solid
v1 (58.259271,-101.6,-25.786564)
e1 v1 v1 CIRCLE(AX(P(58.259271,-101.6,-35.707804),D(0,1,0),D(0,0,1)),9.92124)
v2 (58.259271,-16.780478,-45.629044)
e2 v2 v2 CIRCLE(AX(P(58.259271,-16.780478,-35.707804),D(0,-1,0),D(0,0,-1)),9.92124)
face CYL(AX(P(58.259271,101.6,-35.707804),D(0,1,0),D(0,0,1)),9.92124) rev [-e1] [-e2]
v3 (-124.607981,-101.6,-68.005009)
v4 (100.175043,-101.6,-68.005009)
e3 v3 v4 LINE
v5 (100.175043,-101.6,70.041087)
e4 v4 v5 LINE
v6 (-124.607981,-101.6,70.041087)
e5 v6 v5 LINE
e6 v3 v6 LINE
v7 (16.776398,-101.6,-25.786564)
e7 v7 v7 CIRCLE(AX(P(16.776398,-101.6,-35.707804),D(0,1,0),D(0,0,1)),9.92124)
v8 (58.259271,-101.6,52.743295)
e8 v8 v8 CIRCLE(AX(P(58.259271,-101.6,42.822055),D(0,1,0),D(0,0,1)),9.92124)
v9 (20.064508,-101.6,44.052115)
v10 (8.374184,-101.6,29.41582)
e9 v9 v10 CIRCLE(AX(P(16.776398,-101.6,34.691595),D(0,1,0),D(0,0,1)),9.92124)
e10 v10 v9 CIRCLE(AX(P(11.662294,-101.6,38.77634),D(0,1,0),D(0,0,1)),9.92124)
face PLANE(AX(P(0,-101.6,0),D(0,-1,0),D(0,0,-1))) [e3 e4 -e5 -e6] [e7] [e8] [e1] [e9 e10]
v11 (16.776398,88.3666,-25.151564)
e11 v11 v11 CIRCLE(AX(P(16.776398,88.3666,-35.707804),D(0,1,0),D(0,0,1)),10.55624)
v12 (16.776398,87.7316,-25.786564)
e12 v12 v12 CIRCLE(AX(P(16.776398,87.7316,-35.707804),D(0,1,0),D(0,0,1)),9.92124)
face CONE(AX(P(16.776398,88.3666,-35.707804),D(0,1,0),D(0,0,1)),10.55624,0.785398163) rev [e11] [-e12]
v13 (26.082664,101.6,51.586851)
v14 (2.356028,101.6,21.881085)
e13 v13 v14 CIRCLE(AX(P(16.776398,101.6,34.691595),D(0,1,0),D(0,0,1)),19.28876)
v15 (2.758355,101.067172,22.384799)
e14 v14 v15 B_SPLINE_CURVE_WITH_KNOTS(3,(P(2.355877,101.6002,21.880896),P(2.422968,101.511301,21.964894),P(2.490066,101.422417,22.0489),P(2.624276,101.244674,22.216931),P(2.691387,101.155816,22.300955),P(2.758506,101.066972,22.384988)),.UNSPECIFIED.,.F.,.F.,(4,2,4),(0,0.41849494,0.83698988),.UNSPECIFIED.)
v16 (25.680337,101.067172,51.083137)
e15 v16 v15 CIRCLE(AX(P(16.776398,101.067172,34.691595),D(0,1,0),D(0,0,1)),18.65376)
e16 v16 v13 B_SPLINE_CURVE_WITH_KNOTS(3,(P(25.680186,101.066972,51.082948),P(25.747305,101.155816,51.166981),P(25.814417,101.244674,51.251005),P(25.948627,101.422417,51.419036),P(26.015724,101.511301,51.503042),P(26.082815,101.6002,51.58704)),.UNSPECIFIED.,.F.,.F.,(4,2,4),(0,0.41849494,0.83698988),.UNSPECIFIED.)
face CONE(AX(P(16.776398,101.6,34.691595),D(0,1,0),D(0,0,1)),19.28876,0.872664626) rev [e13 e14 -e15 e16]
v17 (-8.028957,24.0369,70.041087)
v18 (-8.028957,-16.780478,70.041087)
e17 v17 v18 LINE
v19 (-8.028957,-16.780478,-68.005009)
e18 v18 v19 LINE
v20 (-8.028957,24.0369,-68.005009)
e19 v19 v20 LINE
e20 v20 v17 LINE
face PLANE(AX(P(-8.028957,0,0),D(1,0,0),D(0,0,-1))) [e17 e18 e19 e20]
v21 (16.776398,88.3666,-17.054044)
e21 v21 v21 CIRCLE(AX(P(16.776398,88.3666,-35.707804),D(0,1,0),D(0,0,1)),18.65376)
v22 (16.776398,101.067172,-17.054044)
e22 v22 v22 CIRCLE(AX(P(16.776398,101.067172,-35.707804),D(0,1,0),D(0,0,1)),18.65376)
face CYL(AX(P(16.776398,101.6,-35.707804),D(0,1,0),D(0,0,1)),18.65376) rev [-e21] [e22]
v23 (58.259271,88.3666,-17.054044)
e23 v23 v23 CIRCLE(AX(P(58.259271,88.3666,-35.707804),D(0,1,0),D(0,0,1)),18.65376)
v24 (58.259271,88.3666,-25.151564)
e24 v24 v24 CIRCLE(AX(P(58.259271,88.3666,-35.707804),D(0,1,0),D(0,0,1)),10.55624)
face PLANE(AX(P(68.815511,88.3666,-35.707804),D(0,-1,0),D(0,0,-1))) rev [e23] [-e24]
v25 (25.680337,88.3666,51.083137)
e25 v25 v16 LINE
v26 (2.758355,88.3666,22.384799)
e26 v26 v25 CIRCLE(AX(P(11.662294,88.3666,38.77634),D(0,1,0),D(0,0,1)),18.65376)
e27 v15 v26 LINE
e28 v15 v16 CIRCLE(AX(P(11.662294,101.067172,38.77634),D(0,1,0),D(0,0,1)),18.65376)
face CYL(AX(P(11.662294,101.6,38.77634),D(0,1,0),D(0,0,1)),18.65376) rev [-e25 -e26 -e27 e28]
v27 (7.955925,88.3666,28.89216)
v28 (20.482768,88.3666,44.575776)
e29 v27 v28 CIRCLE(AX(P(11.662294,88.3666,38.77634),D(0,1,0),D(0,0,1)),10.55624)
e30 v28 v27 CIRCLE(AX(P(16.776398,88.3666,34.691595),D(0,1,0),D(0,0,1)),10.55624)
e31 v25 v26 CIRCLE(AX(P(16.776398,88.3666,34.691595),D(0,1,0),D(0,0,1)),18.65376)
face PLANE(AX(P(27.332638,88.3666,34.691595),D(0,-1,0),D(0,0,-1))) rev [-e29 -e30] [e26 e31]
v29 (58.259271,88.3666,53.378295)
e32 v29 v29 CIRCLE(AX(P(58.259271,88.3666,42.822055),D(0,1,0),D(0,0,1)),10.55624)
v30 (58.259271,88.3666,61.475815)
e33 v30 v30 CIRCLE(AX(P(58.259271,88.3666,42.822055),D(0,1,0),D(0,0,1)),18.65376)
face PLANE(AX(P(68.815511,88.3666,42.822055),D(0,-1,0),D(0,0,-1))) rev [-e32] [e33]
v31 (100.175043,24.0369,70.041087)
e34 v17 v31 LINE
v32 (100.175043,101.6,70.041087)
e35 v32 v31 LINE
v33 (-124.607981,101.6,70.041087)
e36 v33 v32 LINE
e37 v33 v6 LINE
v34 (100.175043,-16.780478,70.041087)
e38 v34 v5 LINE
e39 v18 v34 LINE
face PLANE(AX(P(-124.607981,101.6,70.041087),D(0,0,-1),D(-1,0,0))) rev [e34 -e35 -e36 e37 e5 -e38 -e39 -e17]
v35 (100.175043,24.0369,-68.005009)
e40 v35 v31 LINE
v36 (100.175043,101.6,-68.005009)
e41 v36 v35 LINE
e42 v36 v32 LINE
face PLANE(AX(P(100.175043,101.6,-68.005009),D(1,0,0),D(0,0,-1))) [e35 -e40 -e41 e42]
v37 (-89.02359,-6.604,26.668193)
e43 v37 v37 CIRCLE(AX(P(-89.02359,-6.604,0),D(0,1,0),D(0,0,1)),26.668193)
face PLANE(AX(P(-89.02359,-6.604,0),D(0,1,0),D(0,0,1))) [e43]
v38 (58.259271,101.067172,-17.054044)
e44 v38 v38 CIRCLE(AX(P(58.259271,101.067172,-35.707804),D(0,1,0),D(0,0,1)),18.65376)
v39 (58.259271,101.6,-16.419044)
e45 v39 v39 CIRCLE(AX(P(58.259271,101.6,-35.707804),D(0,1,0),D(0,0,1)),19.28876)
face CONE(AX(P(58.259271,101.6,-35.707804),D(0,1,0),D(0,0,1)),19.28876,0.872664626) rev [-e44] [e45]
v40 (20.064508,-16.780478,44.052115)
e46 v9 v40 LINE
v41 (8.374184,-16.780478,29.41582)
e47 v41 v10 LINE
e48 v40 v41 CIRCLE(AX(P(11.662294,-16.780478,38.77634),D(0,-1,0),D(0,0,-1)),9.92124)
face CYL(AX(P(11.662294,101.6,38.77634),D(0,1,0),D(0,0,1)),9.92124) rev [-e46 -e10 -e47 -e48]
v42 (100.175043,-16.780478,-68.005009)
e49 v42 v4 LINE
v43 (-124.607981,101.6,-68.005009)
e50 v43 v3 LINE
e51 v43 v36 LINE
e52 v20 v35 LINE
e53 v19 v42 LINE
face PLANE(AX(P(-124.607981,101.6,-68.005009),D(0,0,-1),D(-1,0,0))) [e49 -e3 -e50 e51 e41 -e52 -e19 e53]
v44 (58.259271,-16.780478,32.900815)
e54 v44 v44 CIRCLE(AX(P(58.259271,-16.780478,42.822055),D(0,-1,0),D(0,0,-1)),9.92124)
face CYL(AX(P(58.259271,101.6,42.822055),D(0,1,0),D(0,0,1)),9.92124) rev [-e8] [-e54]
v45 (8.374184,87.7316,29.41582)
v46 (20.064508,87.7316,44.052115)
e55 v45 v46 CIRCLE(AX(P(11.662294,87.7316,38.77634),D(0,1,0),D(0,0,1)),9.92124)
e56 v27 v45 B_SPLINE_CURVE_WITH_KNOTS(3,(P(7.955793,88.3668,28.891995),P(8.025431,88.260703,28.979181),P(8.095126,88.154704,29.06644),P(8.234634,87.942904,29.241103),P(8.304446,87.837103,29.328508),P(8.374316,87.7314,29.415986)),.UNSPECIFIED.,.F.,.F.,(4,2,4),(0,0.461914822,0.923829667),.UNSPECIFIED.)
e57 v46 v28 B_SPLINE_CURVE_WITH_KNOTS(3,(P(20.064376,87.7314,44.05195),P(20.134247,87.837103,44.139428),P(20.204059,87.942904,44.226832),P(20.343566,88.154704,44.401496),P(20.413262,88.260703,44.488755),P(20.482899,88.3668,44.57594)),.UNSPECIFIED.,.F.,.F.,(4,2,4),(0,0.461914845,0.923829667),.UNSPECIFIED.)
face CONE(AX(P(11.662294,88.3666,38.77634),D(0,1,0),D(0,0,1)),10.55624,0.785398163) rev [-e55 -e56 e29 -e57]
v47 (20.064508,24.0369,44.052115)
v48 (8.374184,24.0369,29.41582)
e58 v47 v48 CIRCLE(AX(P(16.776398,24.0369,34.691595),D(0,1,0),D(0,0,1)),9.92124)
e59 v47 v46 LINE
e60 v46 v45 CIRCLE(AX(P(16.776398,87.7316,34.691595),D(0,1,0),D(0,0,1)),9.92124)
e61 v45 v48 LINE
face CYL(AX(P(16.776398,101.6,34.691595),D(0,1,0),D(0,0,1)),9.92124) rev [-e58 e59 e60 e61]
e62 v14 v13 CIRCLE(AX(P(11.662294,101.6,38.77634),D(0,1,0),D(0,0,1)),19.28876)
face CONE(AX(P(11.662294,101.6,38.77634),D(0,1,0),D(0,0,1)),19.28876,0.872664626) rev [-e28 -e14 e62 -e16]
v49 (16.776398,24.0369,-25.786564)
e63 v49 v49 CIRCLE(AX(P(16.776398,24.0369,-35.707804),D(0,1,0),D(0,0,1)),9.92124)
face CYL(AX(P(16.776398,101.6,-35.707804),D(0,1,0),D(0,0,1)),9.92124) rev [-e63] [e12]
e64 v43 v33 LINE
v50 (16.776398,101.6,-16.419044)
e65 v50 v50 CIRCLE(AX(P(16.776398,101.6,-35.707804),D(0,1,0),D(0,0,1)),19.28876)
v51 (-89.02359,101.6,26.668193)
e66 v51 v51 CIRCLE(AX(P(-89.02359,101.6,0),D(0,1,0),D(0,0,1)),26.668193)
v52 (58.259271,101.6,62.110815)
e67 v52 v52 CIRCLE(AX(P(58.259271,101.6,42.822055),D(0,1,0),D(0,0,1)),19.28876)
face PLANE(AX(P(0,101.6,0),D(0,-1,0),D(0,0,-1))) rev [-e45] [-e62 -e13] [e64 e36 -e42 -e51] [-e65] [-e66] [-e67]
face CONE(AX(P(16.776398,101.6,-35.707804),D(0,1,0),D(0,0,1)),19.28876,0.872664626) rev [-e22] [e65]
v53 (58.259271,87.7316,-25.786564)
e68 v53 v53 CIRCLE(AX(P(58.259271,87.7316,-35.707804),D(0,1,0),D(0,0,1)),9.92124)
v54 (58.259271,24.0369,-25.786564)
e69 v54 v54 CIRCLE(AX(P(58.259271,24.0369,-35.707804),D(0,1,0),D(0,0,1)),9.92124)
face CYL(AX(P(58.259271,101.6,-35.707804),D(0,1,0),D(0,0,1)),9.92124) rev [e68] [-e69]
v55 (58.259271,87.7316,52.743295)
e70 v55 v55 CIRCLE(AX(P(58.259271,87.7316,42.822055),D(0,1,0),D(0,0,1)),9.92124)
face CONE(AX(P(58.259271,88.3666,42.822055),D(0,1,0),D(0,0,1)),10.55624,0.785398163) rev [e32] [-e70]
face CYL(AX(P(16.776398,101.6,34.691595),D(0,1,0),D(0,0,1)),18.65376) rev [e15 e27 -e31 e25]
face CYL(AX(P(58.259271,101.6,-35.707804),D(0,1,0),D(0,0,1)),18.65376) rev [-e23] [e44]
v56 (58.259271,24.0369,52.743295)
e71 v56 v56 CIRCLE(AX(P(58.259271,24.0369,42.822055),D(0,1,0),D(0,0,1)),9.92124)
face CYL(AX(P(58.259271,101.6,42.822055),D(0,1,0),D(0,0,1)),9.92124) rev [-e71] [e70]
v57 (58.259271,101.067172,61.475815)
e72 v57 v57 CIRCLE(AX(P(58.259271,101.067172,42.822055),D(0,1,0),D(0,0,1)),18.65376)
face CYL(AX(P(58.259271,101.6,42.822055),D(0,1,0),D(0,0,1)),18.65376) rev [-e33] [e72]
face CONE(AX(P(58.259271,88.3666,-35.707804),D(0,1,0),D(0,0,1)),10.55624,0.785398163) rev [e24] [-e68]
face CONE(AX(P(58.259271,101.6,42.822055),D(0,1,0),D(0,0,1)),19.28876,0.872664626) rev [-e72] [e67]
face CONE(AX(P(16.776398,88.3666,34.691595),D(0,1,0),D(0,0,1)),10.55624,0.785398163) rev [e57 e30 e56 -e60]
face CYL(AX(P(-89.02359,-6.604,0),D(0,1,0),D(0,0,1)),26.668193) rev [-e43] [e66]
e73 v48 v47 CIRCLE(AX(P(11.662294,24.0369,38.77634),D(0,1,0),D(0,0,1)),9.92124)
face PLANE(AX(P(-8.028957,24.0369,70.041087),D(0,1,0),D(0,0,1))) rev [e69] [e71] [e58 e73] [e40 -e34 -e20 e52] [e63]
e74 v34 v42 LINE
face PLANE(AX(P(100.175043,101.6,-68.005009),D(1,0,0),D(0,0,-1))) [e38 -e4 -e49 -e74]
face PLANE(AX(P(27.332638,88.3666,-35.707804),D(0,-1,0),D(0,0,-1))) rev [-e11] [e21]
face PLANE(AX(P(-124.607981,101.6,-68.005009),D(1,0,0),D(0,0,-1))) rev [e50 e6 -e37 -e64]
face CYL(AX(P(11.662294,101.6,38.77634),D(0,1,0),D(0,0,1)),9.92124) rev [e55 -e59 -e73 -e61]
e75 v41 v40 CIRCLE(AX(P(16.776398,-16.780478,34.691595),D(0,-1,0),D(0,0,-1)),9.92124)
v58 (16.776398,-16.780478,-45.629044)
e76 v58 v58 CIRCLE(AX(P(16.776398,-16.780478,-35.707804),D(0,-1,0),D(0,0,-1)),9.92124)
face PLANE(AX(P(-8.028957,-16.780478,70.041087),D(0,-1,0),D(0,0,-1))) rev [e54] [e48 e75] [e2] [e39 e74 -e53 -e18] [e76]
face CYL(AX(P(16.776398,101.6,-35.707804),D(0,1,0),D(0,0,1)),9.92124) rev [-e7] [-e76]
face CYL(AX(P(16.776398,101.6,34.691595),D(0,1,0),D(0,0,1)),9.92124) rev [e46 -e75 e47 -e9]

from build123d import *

# Parameters (mm, degrees)
SKETCH1_W                                      = 224.783024271
SKETCH1_H                                      = 138.046096427
BOSS_EXTRUDE1_DEPTH                            = 101.6
SKETCH2_R                                      = 26.66819347
CUT_EXTRUDE1_DEPTH                             = 108.204
SKETCH4_W                                      = 138.046096427
SKETCH4_H                                      = 40.817377809
CUT_EXTRUDE2_DEPTH                             = 108.204
CBORE_FOR_3_4_PAN_HEAD_MACHINE_SCREW1_AT_COUNT = 2
CBORE_FOR_3_4_PAN_HEAD_MACHINE_SCREW1_AT_PITCH = 78.529858642
CBORE_FOR_3_4_PAN_HEAD_MACHINE_SCREW_2_COUNT   = 2
CBORE_FOR_3_4_PAN_HEAD_MACHINE_SCREW_2_PITCH   = 88.813103961
CBORE_FOR_3_4_PAN_HEAD_MACHINE_SCREW_3_COUNT   = 2
CBORE_FOR_3_4_PAN_HEAD_MACHINE_SCREW_3_PITCH   = 46.772278414
CBORE_FOR_3_4_PAN_HEAD_MACHINE_SCREW_4_COUNT   = 2
CBORE_FOR_3_4_PAN_HEAD_MACHINE_SCREW_4_PITCH   = 42.272131605


with BuildPart() as part:
    # Sketch1 → Boss-Extrude1 (new, symmetric)
    with BuildSketch(Plane(origin=(0, 0, 0), x_dir=(1, 0, 0), z_dir=(0, 1, 0))):
        with Locations((-12.21646871, -1.018039059)):
            Rectangle(SKETCH1_W, SKETCH1_H)
    extrude(amount=BOSS_EXTRUDE1_DEPTH, both=True)

    # Sketch2 → Cut-Extrude1 (cut)
    with BuildSketch(Plane(origin=(0, 101.6, 0), x_dir=(1, 0, 0), z_dir=(0, 1, 0))):
        with Locations(Location((-89.023589675, 0, 0), (0, 0, 270))):
            Circle(SKETCH2_R)
    extrude(amount=-CUT_EXTRUDE1_DEPTH, mode=Mode.SUBTRACT)

    # Sketch4 → Cut-Extrude2 (cut)
    with BuildSketch(Plane(origin=(100.175043425, 0, 0), x_dir=(0, 0, -1), z_dir=(1, 0, 0))):
        with Locations((-1.018039059, 3.62821136)):
            Rectangle(SKETCH4_W, SKETCH4_H)
    extrude(amount=-CUT_EXTRUDE2_DEPTH, mode=Mode.SUBTRACT)

    # Sketch7 → CBORE for 3/4 Pan Head Machine Screw1 (revolve, cut)
    with BuildSketch(Plane(origin=(58.259270804, 101.6, 42.822055049), x_dir=(0, 0, 1), z_dir=(1, 0, 0))):
        Polygon((0, 0), (0, 203.2), (9.92124, 203.2), (9.92124, 13.8684), (10.55624, 13.2334), (18.65376, 13.2334), (18.65376, 0.532828266), (19.28876, 0), align=None)
    cbore_for_3_4_pan_head_machine_screw1 = revolve(axis=Axis((58.259270804, 107.95, 42.822055049), (0, -1, 0)), mode=Mode.SUBTRACT)

    # CBORE for 3/4 Pan Head Machine Screw1 at: CBORE for 3/4 Pan Head Machine Screw1 ×2
    with Locations(*[(0, 0, -i * CBORE_FOR_3_4_PAN_HEAD_MACHINE_SCREW1_AT_PITCH) for i in range(1, CBORE_FOR_3_4_PAN_HEAD_MACHINE_SCREW1_AT_COUNT)]):
        add(cbore_for_3_4_pan_head_machine_screw1, mode=Mode.SUBTRACT)

    # CBORE for 3_4 Pan Head Machine Screw 2: CBORE for 3/4 Pan Head Machine Screw1 ×2
    with Locations(*[Vector(-0.46708054288373707, 0, -0.8842147739432052) * (i * CBORE_FOR_3_4_PAN_HEAD_MACHINE_SCREW_2_PITCH) for i in range(1, CBORE_FOR_3_4_PAN_HEAD_MACHINE_SCREW_2_COUNT)]):
        add(cbore_for_3_4_pan_head_machine_screw1, mode=Mode.SUBTRACT)

    # CBORE for 3_4 Pan Head Machine Screw 3: CBORE for 3/4 Pan Head Machine Screw1 ×2
    with Locations(*[Vector(-0.9962520130083015, 0, -0.08649813048215103) * (i * CBORE_FOR_3_4_PAN_HEAD_MACHINE_SCREW_3_PITCH) for i in range(1, CBORE_FOR_3_4_PAN_HEAD_MACHINE_SCREW_3_COUNT)]):
        add(cbore_for_3_4_pan_head_machine_screw1, mode=Mode.SUBTRACT)

    # CBORE for 3_4 Pan Head Machine Screw 4: CBORE for 3/4 Pan Head Machine Screw1 ×2
    with Locations(*[Vector(-0.9813290988359743, 0, -0.19233616346848256) * (i * CBORE_FOR_3_4_PAN_HEAD_MACHINE_SCREW_4_PITCH) for i in range(1, CBORE_FOR_3_4_PAN_HEAD_MACHINE_SCREW_4_COUNT)]):
        add(cbore_for_3_4_pan_head_machine_screw1, mode=Mode.SUBTRACT)


solid = part.part
